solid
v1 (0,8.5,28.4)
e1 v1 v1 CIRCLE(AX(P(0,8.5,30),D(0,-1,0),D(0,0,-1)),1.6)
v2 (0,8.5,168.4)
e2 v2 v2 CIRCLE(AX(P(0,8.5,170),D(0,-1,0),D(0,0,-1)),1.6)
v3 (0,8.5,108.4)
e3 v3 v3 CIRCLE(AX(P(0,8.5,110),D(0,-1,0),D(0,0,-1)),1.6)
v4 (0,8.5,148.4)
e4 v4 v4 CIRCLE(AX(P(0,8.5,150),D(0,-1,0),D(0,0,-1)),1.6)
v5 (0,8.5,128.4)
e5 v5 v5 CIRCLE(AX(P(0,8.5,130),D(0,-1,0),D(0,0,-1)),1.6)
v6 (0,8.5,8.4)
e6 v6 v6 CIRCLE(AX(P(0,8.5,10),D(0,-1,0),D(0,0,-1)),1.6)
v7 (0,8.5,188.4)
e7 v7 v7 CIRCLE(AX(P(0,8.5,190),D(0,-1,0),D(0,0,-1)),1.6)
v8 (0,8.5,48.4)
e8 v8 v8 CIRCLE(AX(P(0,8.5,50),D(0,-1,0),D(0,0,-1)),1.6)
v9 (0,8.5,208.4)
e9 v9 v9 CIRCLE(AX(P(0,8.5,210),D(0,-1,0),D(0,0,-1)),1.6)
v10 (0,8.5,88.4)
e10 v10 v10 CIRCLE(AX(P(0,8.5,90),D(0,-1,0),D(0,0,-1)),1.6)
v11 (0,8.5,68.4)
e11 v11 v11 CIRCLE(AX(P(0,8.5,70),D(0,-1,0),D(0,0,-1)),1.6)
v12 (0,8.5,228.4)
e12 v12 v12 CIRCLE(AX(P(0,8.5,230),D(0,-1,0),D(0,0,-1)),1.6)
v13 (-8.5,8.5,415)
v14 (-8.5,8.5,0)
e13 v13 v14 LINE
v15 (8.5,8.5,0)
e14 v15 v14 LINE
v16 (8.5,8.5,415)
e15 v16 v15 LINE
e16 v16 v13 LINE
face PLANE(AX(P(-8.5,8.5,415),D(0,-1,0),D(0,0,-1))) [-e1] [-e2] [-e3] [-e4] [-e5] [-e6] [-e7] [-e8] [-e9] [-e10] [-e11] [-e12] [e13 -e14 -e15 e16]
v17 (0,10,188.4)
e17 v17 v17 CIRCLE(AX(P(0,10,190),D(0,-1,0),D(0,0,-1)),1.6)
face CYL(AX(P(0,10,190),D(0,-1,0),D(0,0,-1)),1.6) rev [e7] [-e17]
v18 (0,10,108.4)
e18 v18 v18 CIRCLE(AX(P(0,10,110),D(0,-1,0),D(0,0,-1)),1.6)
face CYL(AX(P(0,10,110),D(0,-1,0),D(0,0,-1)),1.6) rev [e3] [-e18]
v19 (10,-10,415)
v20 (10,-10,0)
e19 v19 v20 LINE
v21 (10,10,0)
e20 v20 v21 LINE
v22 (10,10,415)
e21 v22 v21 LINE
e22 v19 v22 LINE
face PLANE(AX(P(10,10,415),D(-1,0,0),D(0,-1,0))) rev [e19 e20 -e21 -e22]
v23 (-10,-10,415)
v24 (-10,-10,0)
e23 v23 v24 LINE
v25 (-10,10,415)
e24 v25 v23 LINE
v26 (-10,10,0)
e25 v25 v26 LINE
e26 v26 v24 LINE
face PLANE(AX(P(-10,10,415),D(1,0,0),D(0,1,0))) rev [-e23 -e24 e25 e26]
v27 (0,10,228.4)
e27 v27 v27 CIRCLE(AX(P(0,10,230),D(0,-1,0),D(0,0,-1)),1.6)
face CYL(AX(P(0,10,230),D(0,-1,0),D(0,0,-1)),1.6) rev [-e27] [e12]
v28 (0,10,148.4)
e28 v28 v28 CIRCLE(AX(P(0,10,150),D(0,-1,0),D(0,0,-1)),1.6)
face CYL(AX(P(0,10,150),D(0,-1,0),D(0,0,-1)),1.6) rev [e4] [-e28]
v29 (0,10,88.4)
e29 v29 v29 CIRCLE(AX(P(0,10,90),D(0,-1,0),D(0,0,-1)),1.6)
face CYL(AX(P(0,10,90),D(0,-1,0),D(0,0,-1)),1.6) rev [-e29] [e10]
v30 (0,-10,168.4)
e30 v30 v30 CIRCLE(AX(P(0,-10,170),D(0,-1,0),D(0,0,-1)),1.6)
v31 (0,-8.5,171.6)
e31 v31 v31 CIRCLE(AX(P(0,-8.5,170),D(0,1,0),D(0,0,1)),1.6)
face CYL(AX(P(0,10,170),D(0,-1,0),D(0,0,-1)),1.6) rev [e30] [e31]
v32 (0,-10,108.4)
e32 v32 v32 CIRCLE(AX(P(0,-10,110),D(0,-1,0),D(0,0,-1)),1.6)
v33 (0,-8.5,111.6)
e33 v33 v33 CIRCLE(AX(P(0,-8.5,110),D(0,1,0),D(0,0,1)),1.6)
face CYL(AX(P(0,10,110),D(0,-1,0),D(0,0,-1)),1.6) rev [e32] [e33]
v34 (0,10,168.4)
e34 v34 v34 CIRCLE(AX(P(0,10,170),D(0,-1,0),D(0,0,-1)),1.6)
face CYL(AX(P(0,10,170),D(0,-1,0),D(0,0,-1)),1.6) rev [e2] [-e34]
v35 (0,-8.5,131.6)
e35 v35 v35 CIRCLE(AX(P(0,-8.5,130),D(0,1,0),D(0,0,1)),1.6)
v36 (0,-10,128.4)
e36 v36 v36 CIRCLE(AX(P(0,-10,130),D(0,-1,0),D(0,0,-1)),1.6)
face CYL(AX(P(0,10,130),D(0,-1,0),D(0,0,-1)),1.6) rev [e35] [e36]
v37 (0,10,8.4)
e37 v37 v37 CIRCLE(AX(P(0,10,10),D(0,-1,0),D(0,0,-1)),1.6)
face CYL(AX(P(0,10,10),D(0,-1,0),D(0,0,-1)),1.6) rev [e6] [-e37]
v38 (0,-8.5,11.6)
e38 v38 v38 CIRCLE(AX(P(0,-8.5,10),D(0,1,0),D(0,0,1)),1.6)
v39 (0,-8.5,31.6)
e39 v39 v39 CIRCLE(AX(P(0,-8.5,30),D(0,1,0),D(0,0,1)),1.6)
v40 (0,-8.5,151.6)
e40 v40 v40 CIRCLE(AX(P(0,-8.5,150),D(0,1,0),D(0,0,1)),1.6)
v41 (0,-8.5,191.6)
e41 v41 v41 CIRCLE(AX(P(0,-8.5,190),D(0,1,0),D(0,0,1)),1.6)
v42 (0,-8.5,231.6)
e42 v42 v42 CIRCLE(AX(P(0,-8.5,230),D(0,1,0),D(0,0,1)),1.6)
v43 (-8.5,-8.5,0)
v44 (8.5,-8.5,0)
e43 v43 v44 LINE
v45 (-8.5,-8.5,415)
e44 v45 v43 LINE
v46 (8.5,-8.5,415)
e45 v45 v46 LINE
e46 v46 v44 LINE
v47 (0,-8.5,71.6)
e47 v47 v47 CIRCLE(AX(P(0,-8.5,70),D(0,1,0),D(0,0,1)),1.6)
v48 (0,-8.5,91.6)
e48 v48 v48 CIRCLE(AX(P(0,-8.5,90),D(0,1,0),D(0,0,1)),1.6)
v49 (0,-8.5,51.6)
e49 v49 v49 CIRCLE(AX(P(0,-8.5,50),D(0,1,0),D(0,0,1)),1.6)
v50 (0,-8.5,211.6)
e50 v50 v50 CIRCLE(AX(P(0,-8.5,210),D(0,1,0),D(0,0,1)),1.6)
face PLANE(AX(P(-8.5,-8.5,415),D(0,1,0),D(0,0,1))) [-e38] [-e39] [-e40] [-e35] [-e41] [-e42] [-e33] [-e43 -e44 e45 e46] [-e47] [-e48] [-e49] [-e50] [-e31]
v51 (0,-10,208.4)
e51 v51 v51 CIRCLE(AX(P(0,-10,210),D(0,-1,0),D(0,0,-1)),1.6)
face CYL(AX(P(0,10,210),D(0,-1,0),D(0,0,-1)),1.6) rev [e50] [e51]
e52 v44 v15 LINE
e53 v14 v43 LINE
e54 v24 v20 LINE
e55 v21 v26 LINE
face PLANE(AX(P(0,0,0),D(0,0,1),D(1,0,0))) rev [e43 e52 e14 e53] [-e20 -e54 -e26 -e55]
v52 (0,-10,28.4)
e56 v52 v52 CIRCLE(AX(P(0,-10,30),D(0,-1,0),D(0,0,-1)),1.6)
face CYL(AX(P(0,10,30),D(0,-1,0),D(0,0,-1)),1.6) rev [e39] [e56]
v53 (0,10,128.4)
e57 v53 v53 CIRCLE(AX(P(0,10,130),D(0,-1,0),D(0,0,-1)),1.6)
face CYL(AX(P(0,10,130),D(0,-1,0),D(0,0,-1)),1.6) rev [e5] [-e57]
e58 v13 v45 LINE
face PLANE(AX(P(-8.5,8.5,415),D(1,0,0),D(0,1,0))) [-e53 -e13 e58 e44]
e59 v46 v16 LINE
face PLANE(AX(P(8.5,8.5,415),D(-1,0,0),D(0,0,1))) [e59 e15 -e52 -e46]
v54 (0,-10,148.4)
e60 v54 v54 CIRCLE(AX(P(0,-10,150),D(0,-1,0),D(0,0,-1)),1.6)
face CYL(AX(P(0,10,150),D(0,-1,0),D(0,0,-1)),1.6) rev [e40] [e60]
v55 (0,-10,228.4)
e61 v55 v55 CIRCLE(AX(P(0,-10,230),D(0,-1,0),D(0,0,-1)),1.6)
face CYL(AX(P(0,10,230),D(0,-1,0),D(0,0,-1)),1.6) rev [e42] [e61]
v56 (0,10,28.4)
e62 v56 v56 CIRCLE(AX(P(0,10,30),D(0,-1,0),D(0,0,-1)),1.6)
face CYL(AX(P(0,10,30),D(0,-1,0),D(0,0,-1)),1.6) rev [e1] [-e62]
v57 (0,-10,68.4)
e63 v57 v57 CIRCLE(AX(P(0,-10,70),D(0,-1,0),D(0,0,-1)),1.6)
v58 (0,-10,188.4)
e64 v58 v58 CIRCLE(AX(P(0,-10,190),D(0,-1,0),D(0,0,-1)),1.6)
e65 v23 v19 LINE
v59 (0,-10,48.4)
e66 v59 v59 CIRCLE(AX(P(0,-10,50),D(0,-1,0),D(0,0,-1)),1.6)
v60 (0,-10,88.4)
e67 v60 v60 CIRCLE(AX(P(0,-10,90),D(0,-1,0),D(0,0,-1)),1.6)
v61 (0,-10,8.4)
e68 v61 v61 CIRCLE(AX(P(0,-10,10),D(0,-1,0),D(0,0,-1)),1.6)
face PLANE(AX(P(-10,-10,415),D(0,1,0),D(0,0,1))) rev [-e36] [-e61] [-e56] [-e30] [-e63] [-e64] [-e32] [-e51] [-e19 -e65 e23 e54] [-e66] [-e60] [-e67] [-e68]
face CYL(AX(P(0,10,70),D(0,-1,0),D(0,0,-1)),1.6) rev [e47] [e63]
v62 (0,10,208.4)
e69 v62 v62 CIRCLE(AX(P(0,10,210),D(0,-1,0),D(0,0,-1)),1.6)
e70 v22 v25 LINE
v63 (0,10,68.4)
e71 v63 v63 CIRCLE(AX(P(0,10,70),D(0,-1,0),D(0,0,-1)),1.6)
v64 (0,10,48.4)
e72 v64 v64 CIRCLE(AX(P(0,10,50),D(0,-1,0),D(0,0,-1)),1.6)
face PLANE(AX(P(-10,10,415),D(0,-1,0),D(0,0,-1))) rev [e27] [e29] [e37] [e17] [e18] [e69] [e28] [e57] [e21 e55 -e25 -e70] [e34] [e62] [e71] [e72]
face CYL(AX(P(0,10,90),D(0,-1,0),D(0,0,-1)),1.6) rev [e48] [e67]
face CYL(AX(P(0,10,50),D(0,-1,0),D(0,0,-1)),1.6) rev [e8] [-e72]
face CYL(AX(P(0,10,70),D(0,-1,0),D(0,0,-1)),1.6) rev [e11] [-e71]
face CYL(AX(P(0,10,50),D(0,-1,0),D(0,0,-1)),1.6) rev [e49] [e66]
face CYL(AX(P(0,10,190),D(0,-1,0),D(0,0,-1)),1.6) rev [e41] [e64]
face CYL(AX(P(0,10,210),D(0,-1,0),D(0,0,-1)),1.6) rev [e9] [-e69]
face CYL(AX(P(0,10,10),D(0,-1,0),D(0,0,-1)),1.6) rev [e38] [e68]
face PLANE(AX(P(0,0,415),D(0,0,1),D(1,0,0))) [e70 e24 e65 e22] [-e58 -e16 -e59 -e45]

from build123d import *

# Parameters (mm, degrees)
SKETCH_1_W          = 20
SKETCH_1_H          = 20
SKETCH_1_W_2        = 17
SKETCH_1_H_2        = 17
EXTRUDE_1_DEPTH     = 415
SKETCH_5_R          = 1.6
CUT_EXTRUDE_4_DEPTH = 416.601973046


with BuildPart() as part:
    # 草图1 → 凸台-拉伸1 (new body)
    with BuildSketch(Plane.XY):
        Rectangle(SKETCH_1_W, SKETCH_1_H)
        Rectangle(SKETCH_1_W_2, SKETCH_1_H_2, mode=Mode.SUBTRACT)
    extrude(amount=EXTRUDE_1_DEPTH)

    # 草图5 → 切除-拉伸4 (cut, through all)
    with BuildSketch(Plane.XZ.offset(10)):
        with Locations(Location((0, 10, 0), (0, 0, 270))):
            Circle(SKETCH_5_R)
        with Locations(Location((0, 30, 0), (0, 0, 270))):
            Circle(SKETCH_5_R)
        with Locations(Location((0, 50, 0), (0, 0, 270))):
            Circle(SKETCH_5_R)
        with Locations(Location((0, 70, 0), (0, 0, 270))):
            Circle(SKETCH_5_R)
        with Locations(Location((0, 90, 0), (0, 0, 270))):
            Circle(SKETCH_5_R)
        with Locations(Location((0, 110, 0), (0, 0, 270))):
            Circle(SKETCH_5_R)
        with Locations(Location((0, 130, 0), (0, 0, 270))):
            Circle(SKETCH_5_R)
        with Locations(Location((0, 150, 0), (0, 0, 270))):
            Circle(SKETCH_5_R)
        with Locations(Location((0, 170, 0), (0, 0, 270))):
            Circle(SKETCH_5_R)
        with Locations(Location((0, 190, 0), (0, 0, 270))):
            Circle(SKETCH_5_R)
        with Locations(Location((0, 210, 0), (0, 0, 270))):
            Circle(SKETCH_5_R)
        with Locations(Location((0, 230, 0), (0, 0, 270))):
            Circle(SKETCH_5_R)
    extrude(amount=-CUT_EXTRUDE_4_DEPTH, mode=Mode.SUBTRACT)


solid = part.part
